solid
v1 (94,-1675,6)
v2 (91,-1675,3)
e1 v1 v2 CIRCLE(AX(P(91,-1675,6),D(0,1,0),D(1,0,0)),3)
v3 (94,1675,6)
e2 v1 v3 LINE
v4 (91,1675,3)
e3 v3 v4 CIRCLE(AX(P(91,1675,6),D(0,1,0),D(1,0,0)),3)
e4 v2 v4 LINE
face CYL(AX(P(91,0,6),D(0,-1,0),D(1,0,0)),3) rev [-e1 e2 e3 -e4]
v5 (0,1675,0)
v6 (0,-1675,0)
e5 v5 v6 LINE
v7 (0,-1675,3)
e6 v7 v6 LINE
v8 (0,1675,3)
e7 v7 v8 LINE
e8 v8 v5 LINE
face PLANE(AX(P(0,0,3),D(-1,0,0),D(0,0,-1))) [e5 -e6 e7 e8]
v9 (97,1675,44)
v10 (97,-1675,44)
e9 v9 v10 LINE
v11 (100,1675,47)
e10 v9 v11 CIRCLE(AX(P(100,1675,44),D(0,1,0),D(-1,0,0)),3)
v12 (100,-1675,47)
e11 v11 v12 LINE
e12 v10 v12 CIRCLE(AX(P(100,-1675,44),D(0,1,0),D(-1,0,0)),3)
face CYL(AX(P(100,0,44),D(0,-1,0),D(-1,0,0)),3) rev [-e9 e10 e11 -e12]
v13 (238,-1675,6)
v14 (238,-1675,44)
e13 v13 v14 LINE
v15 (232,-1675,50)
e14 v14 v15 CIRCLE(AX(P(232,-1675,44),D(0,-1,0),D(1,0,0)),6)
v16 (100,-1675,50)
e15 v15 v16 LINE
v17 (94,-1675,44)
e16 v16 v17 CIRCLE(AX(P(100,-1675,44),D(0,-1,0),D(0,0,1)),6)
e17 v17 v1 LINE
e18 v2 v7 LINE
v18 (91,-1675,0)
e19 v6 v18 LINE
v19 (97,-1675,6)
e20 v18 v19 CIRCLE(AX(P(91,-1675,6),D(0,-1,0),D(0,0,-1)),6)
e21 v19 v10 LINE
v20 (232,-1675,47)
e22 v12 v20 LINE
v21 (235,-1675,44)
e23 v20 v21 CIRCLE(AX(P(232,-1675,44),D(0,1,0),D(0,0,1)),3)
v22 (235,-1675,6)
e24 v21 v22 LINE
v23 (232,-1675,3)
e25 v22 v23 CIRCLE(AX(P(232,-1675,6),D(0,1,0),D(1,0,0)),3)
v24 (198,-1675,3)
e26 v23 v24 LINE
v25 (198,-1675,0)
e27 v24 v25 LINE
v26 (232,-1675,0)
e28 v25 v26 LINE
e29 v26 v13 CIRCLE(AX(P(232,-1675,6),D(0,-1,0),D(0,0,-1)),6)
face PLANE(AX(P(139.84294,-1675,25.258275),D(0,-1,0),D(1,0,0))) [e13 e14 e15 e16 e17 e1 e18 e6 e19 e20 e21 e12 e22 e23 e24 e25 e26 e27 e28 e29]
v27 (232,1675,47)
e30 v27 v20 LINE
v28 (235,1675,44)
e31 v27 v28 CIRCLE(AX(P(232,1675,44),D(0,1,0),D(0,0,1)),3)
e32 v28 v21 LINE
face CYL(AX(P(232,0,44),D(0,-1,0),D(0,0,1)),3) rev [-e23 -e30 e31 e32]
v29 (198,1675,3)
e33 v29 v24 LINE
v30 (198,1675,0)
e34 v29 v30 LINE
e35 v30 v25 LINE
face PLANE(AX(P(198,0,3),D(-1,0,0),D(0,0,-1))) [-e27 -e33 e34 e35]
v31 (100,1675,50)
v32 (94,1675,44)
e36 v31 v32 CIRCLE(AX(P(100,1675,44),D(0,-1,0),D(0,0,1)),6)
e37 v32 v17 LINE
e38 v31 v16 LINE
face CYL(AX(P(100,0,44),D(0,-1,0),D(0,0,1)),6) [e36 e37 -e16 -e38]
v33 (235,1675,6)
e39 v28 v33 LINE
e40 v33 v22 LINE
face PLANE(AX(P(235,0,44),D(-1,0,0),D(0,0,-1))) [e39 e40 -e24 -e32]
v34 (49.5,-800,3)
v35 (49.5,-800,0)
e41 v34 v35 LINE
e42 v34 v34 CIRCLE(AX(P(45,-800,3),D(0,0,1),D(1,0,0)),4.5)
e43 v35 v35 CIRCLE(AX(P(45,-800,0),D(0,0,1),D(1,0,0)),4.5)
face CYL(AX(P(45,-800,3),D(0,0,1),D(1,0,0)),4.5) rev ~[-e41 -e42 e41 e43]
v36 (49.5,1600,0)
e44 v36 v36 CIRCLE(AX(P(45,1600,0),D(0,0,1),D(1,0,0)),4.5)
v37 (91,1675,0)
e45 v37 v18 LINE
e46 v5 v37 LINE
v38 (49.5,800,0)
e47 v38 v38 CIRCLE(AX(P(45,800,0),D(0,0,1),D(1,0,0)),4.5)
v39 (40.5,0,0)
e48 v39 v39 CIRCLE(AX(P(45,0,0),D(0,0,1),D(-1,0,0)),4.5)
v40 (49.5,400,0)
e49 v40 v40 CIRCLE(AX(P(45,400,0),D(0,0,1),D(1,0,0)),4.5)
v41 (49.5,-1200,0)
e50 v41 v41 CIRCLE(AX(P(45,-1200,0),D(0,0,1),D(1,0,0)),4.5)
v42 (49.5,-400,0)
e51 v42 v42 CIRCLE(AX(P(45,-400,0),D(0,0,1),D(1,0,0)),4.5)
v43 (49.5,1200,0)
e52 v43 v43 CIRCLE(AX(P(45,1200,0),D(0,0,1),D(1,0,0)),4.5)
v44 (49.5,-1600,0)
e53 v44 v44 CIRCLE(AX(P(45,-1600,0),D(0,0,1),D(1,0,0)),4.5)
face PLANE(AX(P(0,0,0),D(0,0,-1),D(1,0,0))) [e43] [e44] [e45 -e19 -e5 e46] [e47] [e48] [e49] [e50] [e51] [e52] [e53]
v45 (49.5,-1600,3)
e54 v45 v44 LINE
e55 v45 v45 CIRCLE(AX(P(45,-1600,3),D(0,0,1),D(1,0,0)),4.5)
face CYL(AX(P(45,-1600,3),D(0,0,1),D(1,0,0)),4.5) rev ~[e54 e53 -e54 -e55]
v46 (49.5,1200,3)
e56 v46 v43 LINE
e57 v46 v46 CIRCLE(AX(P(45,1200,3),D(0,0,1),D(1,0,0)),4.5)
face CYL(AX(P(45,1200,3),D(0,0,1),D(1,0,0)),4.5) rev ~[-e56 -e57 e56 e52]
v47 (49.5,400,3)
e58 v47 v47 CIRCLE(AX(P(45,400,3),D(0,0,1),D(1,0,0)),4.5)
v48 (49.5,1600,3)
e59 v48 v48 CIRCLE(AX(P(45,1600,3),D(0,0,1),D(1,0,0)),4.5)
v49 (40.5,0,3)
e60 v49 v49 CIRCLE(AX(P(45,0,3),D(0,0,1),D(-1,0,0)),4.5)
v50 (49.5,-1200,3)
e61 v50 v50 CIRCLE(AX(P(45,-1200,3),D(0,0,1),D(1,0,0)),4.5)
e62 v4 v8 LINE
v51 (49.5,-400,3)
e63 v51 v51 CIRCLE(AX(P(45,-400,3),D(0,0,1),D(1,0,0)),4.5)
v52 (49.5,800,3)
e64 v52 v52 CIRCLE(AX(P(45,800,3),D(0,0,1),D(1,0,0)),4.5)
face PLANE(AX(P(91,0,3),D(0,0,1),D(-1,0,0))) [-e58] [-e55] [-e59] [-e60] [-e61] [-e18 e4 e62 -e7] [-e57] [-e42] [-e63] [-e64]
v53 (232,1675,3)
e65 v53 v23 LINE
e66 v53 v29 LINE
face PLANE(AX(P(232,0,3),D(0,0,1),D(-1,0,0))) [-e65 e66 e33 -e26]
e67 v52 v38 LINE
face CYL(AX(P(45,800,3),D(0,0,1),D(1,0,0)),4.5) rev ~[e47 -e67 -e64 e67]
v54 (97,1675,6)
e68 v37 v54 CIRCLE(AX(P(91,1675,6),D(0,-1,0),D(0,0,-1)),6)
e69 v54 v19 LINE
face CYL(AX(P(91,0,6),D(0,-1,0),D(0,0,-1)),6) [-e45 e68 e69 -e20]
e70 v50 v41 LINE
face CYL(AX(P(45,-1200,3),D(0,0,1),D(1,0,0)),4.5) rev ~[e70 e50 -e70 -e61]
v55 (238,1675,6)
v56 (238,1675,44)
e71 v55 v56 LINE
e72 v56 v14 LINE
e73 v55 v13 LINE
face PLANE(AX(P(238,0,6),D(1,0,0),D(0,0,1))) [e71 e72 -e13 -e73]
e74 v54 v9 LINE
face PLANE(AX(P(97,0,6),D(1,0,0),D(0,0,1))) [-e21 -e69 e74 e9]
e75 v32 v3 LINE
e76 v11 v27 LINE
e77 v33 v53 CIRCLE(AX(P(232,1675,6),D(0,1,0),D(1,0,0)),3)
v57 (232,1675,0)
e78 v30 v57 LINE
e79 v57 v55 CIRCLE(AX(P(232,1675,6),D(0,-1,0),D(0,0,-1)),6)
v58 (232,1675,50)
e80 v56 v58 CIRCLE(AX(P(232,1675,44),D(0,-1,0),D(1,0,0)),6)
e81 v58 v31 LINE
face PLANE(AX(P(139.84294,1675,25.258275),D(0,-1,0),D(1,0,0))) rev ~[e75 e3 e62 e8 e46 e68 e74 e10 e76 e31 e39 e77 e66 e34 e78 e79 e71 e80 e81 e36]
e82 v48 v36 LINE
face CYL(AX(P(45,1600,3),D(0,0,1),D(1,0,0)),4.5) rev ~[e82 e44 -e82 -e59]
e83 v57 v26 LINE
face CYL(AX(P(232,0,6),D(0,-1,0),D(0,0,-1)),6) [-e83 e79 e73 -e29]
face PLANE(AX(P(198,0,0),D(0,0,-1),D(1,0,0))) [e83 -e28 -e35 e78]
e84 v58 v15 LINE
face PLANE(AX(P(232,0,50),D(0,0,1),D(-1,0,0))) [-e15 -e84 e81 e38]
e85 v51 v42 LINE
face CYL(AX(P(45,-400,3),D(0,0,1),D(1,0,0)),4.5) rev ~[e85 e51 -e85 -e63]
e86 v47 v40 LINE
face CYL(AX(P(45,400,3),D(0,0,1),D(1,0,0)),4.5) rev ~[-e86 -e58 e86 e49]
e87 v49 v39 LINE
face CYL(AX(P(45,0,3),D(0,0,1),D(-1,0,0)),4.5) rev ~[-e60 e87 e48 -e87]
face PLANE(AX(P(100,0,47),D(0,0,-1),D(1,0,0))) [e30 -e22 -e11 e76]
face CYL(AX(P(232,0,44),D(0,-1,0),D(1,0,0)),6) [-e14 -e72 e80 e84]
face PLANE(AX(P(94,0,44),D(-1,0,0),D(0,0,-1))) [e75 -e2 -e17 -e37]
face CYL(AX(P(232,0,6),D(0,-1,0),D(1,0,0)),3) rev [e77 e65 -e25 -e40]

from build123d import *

# Parameters (mm, degrees)
F1_DEPTH   = 1675
F2_R       = 4.5
F1_FACE1_W = 91
F1_FACE1_H = 3350
F3_DEPTH   = 25


with BuildPart() as f1:
    # F0 (on Front) → F1 (new body, symmetric)
    with BuildSketch(Plane.XZ):
        with BuildLine():
            Line((0, 3), (0, 0))
            Line((0, 0), (91, 0))
            ThreePointArc((91, 0), (95.2426406871, 1.7573593129), (97, 6))
            Line((97, 6), (97, 44))
            ThreePointArc((97, 44), (97.8786796564, 46.1213203436), (100, 47))
            Line((100, 47), (232, 47))
            ThreePointArc((232, 47), (234.1213203436, 46.1213203436), (235, 44))
            Line((235, 44), (235, 6))
            ThreePointArc((235, 6), (234.1213203436, 3.8786796564), (232, 3))
            Line((232, 3), (198, 3))
            Line((198, 3), (198, 0))
            Line((198, 0), (232, 0))
            ThreePointArc((232, 0), (236.2426406871, 1.7573593129), (238, 6))
            Line((238, 6), (238, 44))
            ThreePointArc((238, 44), (236.2426406871, 48.2426406871), (232, 50))
            Line((232, 50), (100, 50))
            ThreePointArc((100, 50), (95.7573593129, 48.2426406871), (94, 44))
            Line((94, 44), (94, 6))
            ThreePointArc((94, 6), (93.1213203436, 3.8786796564), (91, 3))
            Line((91, 3), (0, 3))
        make_face()
    extrude(amount=F1_DEPTH, both=True)

    # F2 (on face) + F1_face1 (on face) → F3 (cut)
    with BuildSketch(Plane.XY.offset(3)):
        with BuildLine():
            ThreePointArc((49.5, 0), (45, 4.5), (40.5, 0))
            Line((40.5, 0), (49.5, 0))
        make_face()
        with BuildLine():
            Line((49.5, 0), (40.5, 0))
            ThreePointArc((40.5, 0), (45, -4.5), (49.5, 0))
        make_face()
        with Locations((45, -400)):
            Circle(F2_R)
        with Locations((45, -800)):
            Circle(F2_R)
        with Locations((45, -1200)):
            Circle(F2_R)
        with Locations((45, -1600)):
            Circle(F2_R)
        with Locations((45, 400)):
            Circle(F2_R)
        with Locations((45, 800)):
            Circle(F2_R)
        with Locations((45, 1200)):
            Circle(F2_R)
        with Locations((45, 1600)):
            Circle(F2_R)
    with BuildSketch(Plane(origin=(45.5, 0, 0), x_dir=(1, 0, 0), z_dir=(0, 0, -1))):
        Rectangle(F1_FACE1_W, F1_FACE1_H)
    extrude(amount=-F3_DEPTH, dir=(0, 0, 1), mode=Mode.SUBTRACT)


solid = f1.part
